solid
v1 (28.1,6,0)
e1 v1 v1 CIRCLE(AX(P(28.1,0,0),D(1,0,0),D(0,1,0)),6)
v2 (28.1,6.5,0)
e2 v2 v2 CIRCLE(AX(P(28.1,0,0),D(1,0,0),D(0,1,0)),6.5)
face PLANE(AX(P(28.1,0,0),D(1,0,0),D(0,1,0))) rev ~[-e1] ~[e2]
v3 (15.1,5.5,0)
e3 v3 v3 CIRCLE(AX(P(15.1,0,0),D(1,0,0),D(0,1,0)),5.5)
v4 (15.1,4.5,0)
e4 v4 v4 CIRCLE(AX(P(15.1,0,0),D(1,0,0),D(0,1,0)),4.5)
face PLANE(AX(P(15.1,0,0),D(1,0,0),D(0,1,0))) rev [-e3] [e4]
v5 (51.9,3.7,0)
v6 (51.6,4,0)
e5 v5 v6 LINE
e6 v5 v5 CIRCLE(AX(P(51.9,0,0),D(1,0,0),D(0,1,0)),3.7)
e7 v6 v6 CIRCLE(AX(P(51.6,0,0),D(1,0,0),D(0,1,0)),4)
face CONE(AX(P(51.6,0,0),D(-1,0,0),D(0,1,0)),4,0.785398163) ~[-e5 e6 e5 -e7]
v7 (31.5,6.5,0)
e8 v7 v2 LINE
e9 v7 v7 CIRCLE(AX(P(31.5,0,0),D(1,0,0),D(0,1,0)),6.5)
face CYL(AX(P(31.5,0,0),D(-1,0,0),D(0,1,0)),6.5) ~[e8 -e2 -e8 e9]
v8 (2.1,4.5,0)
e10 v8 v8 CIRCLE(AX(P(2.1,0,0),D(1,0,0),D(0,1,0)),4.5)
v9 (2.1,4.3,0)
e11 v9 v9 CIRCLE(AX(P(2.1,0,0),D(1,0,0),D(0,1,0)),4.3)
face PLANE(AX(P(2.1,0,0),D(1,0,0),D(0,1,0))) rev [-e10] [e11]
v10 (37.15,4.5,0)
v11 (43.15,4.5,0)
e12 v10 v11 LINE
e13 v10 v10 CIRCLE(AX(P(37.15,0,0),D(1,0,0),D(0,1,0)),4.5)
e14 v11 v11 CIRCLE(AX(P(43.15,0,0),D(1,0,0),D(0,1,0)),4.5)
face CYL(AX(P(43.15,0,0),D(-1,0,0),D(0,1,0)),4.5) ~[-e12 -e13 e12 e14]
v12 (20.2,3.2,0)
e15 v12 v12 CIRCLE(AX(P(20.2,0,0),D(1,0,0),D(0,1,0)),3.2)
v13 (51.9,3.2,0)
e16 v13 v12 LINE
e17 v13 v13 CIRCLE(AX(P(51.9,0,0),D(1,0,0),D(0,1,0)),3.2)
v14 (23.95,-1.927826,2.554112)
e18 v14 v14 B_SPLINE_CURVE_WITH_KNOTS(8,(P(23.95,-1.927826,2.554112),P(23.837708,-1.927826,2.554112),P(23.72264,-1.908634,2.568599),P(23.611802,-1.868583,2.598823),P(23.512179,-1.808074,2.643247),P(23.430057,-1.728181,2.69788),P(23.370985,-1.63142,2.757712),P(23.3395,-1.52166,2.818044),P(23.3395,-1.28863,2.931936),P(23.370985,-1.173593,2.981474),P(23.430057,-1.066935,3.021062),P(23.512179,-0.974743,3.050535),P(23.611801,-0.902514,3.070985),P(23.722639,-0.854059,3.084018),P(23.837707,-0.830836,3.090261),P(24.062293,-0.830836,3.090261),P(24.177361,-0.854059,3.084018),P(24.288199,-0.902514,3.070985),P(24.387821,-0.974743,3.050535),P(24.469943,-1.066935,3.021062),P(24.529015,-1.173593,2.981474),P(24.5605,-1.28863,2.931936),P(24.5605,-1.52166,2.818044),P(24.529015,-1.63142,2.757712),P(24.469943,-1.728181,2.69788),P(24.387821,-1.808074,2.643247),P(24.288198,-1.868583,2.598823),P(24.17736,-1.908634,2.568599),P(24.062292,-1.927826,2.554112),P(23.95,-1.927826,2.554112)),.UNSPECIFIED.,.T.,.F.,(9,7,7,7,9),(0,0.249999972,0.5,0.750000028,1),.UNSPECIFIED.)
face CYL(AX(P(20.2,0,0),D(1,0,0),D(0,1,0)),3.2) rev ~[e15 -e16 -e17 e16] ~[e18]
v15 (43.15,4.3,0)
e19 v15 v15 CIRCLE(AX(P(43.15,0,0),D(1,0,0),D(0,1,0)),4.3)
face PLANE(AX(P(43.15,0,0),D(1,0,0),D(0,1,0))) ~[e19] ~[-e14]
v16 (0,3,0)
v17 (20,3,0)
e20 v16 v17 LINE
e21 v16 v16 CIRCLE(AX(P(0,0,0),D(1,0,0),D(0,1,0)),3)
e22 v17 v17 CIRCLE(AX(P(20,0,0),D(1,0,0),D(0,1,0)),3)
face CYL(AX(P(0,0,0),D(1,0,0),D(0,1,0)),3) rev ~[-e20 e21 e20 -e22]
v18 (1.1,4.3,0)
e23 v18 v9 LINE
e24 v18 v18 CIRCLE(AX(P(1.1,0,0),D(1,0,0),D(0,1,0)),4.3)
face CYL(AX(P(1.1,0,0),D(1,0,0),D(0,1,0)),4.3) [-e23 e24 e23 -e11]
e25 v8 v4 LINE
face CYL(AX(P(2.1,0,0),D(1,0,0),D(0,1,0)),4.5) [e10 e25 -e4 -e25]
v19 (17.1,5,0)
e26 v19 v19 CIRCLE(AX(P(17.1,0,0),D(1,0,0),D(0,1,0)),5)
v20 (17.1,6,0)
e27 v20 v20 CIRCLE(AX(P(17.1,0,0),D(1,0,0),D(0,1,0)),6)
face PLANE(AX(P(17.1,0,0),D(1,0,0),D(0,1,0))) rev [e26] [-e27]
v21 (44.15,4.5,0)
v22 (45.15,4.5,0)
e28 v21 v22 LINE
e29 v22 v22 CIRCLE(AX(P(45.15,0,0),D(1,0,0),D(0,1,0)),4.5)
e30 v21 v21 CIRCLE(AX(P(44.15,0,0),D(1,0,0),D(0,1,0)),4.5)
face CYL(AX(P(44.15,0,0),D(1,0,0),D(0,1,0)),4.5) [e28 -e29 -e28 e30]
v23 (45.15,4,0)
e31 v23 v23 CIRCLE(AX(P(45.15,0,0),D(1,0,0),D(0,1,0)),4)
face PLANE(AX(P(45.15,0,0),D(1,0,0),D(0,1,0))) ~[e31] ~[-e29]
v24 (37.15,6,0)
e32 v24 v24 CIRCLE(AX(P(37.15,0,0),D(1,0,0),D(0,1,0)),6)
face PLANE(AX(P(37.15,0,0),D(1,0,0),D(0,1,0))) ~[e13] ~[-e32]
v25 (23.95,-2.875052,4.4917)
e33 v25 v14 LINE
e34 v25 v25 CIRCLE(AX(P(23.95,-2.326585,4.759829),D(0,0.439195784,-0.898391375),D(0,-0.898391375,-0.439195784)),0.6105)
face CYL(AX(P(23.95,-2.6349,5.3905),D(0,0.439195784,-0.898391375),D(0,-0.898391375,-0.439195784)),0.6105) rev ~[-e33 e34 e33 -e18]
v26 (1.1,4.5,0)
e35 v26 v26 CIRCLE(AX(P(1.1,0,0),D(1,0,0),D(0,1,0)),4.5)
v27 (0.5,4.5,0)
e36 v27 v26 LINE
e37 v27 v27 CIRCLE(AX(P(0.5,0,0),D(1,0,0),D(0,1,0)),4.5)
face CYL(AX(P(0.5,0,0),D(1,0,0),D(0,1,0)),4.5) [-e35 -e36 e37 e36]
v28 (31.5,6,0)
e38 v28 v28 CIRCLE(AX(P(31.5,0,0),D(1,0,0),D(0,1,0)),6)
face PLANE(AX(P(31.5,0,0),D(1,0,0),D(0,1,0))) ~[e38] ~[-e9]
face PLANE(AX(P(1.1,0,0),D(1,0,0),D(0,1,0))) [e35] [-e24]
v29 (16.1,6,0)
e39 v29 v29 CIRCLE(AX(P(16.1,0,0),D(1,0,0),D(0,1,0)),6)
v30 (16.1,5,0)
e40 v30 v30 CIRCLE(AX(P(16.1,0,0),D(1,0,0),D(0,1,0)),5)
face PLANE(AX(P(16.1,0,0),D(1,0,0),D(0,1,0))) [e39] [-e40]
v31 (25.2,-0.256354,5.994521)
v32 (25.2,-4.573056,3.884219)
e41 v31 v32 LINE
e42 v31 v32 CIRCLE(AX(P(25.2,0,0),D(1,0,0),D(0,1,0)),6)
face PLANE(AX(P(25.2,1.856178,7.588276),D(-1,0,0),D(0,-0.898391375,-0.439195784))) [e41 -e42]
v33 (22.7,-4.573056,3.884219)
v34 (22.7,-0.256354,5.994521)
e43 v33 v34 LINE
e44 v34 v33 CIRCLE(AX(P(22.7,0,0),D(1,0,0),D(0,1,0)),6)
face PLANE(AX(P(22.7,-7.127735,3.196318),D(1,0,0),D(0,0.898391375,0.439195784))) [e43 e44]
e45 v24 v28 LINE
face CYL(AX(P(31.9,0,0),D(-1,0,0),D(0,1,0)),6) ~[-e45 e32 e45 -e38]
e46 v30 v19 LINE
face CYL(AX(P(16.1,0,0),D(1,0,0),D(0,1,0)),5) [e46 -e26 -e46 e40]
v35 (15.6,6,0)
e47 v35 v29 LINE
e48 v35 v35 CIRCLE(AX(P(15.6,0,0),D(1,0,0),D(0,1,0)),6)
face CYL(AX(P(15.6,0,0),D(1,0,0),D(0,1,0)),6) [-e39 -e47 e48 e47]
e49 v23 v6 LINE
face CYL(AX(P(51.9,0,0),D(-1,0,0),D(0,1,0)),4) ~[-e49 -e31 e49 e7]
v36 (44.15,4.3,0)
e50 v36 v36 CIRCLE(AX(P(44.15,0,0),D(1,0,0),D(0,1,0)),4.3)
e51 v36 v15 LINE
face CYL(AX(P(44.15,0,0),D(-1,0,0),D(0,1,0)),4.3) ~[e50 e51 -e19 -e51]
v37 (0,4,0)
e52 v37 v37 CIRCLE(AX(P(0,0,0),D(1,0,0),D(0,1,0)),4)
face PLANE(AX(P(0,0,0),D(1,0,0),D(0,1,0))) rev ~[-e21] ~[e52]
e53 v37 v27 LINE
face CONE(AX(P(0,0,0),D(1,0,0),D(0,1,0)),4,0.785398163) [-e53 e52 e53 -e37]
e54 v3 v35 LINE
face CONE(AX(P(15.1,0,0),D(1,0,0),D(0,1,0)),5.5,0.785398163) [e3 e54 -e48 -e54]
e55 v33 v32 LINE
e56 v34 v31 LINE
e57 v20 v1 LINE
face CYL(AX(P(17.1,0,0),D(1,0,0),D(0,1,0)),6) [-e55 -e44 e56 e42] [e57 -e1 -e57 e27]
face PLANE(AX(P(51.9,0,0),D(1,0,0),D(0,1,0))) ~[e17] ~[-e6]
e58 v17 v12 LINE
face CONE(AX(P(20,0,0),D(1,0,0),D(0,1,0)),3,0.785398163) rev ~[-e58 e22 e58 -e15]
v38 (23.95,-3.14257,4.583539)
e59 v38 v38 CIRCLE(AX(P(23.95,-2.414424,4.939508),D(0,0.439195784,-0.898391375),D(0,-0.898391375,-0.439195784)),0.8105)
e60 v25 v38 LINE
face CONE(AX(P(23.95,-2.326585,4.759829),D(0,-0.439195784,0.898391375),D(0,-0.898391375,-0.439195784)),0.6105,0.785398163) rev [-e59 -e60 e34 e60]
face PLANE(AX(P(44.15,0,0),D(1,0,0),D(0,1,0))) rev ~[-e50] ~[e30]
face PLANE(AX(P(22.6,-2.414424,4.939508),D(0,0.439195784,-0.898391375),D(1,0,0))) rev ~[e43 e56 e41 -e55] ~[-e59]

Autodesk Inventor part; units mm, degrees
ref_plane "YZ Plane" through (0, 0, 0) normal (1, 0, 0) x (0, 1, 0)
ref_plane "XZ Plane" through (0, 0, 0) normal (0, 1, 0) x (-1, 0, 0)
ref_plane "XY Plane" through (0, 0, 0) normal (0, 0, 1) x (1, 0, 0)
sketch "Sketch2" plane through (0, 0, 0) normal (0, 0, 1) x (1, 0, 0)
  line L0 (0, 4) -> (0.5, 4.5)
  line L1 (0, 4) -> (0, 3)
  line L2 (0.5, 4.5) -> (1.1, 4.5)
  line L3 (1.1, 4.5) -> (1.1, 4.3)
  line L4 (1.1, 4.3) -> (2.1, 4.3)
  line L5 (2.1, 4.3) -> (2.1, 4.5)
  line L6 (2.1, 4.5) -> (15.1, 4.5)
  line L7 (15.1, 4.5) -> (15.1, 5.5)
  line L8 (15.1, 5.5) -> (15.6, 6)
  line L9 (0, 3) -> (20, 3)
  line L10 (20, 3) -> (20.2, 3.2)
  line L11 (44.15, 4.5) -> (44.15, 4.3)
  line L12 (44.15, 4.3) -> (43.15, 4.3)
  line L13 (43.15, 4.3) -> (43.15, 4.5)
  line L14 (0, 0) -> (27.0854, 0) construction
  line L15 (15.6, 6) -> (16.1, 6)
  line L16 (16.1, 6) -> (16.1, 5)
  line L17 (16.1, 5) -> (17.1, 5)
  line L18 (17.1, 5) -> (17.1, 6)
  line L19 (31.9, 6) -> (31.5, 6)
  line L20 (31.5, 6) -> (31.5, 6.5)
  line L21 (31.5, 6.5) -> (28.1, 6.5)
  line L22 (28.1, 6.5) -> (28.1, 6)
  line L23 (17.1, 6) -> (28.1, 6)
  line L24 (20.2, 3.2) -> (43.9, 3.2)
  line L25 (44.15, 4.5) -> (45.15, 4.5)
  line L26 (43.15, 4.5) -> (37.9, 4.5)
  line L27 (37.15, 6) -> (31.9, 6)
  line L28 (43.9, 3.2) -> (49.9, 3.2)
  line L29 (49.9, 4) -> (45.15, 4)
  line L30 (45.15, 4) -> (45.15, 4.5)
  line L31 (49.9, 3.2) -> (51.9, 3.2)
  line L32 (51.9, 3.2) -> (51.9, 4)
  line L33 (51.9, 4) -> (49.9, 4)
  line L34 (37.9, 4.5) -> (37.15, 4.5)
  line L35 (37.15, 4.5) -> (37.15, 6)
  point P0 (1.1, 4.4)
  point P1 (15.85, 6)
  point P2 (16.6, 5)
  dimension "d3" = 4
  dimension "d8" = 1
  dimension "d9" = 0.5
  dimension "d10" = 0.5
  dimension "d11" = 0.2
  dimension "d12" = 1
  dimension "d13" = 13
  dimension "d14" = 1
  dimension "d15" = 20
  dimension "d26" = 0.2
  dimension "d27" = 0.2
  dimension "d29" = 0.5
  dimension "d30" = 0.5
  dimension "d36" = 1.1
  dimension "d37" = 4.5
  dimension "d38" = 3
  dimension "d39" = 0.5
  dimension "d40" = 1
  dimension "d41" = 1
  dimension "d60" = 0.4
  dimension "d61" = 0.5
  dimension "d62" = 3.4
  dimension "d63" = 11
  dimension "d65" = 1
  dimension "d66" = 5.25
  dimension "d83" = 6
  dimension "d84" = 0.8
  dimension "d85" = 2
  dimension "d86" = 0.75
revolve "Revolution1" add sketch "Sketch2" angle 360 about axis through (0, 0, 0) along (1, 0, 0)
thread "Thread1" size "M6x1" class "6H" standard "ISO Metric profile" full length
ref_plane "Work Plane1" through (51.1424, -20, -139.2633) normal (0, 1, 0) x (-1, 0, 0)
sketch "Sketch4" plane through (17.1, 0, 0) normal (-1, 0, 0) x (0, 0, 1)
  circle A0 centre (0, 0) radius 6 projected
  point P0 (0, 6)
  point P1 (6, 0)
  point P2 (0, -6.0107)
  point P3 (-6.0435, 0)
ref_plane "Work Plane2" through (22.6, -2.6349, 5.3905) normal (0, 0.4392, -0.8984) x (1, 0, 0)
ref_plane "Work Plane3" through (25.4, -2.6349, 5.3905) normal (0, 0.4392, -0.8984) x (1, 0, 0)
sketch "Sketch7" plane through (22.6, -2.6349, 5.3905) normal (0, 0.4392, -0.8984) x (1, 0, 0)
  line L0 (2.6, 5) -> (0.1, 5)
  line L1 (0.1, 5) -> (0.1, -5)
  line L2 (0.1, -5) -> (2.6, -5)
  line L3 (2.6, -5) -> (2.6, 5)
  line L4 (2.6, 5) -> (0.1, -5) construction
  line L5 (0.1, 5) -> (2.6, -5) construction
  line L6 (-22.6, -4) -> (-22.6, 4) construction
  point P0 (-22.6, 0)
  point P1 (1.35, 0)
  dimension "d68" = 2.5
  dimension "d69" = 10
  dimension "d70" = 23.95
extrude "Extrusion3" cut sketch "Sketch7" along normal blind 0.5
hole "Hole2" at (23.95, -2.6349, 5.3905) direction (0, 0.4392, -0.8984) diameter 1.221 depth 5.3 tip angle 118 thread size "M1.6x0.35" class "6H" standard "ISO Metric profile"
chamfer "Chamfer2" distance 0.2 angle 45 1 edges at (23.95, -1.8669, 5.2094)
chamfer "Chamfer3" distance 0.3 angle 45 1 edges at (51.9, -4, 0)
properties part number "nakrętka"
